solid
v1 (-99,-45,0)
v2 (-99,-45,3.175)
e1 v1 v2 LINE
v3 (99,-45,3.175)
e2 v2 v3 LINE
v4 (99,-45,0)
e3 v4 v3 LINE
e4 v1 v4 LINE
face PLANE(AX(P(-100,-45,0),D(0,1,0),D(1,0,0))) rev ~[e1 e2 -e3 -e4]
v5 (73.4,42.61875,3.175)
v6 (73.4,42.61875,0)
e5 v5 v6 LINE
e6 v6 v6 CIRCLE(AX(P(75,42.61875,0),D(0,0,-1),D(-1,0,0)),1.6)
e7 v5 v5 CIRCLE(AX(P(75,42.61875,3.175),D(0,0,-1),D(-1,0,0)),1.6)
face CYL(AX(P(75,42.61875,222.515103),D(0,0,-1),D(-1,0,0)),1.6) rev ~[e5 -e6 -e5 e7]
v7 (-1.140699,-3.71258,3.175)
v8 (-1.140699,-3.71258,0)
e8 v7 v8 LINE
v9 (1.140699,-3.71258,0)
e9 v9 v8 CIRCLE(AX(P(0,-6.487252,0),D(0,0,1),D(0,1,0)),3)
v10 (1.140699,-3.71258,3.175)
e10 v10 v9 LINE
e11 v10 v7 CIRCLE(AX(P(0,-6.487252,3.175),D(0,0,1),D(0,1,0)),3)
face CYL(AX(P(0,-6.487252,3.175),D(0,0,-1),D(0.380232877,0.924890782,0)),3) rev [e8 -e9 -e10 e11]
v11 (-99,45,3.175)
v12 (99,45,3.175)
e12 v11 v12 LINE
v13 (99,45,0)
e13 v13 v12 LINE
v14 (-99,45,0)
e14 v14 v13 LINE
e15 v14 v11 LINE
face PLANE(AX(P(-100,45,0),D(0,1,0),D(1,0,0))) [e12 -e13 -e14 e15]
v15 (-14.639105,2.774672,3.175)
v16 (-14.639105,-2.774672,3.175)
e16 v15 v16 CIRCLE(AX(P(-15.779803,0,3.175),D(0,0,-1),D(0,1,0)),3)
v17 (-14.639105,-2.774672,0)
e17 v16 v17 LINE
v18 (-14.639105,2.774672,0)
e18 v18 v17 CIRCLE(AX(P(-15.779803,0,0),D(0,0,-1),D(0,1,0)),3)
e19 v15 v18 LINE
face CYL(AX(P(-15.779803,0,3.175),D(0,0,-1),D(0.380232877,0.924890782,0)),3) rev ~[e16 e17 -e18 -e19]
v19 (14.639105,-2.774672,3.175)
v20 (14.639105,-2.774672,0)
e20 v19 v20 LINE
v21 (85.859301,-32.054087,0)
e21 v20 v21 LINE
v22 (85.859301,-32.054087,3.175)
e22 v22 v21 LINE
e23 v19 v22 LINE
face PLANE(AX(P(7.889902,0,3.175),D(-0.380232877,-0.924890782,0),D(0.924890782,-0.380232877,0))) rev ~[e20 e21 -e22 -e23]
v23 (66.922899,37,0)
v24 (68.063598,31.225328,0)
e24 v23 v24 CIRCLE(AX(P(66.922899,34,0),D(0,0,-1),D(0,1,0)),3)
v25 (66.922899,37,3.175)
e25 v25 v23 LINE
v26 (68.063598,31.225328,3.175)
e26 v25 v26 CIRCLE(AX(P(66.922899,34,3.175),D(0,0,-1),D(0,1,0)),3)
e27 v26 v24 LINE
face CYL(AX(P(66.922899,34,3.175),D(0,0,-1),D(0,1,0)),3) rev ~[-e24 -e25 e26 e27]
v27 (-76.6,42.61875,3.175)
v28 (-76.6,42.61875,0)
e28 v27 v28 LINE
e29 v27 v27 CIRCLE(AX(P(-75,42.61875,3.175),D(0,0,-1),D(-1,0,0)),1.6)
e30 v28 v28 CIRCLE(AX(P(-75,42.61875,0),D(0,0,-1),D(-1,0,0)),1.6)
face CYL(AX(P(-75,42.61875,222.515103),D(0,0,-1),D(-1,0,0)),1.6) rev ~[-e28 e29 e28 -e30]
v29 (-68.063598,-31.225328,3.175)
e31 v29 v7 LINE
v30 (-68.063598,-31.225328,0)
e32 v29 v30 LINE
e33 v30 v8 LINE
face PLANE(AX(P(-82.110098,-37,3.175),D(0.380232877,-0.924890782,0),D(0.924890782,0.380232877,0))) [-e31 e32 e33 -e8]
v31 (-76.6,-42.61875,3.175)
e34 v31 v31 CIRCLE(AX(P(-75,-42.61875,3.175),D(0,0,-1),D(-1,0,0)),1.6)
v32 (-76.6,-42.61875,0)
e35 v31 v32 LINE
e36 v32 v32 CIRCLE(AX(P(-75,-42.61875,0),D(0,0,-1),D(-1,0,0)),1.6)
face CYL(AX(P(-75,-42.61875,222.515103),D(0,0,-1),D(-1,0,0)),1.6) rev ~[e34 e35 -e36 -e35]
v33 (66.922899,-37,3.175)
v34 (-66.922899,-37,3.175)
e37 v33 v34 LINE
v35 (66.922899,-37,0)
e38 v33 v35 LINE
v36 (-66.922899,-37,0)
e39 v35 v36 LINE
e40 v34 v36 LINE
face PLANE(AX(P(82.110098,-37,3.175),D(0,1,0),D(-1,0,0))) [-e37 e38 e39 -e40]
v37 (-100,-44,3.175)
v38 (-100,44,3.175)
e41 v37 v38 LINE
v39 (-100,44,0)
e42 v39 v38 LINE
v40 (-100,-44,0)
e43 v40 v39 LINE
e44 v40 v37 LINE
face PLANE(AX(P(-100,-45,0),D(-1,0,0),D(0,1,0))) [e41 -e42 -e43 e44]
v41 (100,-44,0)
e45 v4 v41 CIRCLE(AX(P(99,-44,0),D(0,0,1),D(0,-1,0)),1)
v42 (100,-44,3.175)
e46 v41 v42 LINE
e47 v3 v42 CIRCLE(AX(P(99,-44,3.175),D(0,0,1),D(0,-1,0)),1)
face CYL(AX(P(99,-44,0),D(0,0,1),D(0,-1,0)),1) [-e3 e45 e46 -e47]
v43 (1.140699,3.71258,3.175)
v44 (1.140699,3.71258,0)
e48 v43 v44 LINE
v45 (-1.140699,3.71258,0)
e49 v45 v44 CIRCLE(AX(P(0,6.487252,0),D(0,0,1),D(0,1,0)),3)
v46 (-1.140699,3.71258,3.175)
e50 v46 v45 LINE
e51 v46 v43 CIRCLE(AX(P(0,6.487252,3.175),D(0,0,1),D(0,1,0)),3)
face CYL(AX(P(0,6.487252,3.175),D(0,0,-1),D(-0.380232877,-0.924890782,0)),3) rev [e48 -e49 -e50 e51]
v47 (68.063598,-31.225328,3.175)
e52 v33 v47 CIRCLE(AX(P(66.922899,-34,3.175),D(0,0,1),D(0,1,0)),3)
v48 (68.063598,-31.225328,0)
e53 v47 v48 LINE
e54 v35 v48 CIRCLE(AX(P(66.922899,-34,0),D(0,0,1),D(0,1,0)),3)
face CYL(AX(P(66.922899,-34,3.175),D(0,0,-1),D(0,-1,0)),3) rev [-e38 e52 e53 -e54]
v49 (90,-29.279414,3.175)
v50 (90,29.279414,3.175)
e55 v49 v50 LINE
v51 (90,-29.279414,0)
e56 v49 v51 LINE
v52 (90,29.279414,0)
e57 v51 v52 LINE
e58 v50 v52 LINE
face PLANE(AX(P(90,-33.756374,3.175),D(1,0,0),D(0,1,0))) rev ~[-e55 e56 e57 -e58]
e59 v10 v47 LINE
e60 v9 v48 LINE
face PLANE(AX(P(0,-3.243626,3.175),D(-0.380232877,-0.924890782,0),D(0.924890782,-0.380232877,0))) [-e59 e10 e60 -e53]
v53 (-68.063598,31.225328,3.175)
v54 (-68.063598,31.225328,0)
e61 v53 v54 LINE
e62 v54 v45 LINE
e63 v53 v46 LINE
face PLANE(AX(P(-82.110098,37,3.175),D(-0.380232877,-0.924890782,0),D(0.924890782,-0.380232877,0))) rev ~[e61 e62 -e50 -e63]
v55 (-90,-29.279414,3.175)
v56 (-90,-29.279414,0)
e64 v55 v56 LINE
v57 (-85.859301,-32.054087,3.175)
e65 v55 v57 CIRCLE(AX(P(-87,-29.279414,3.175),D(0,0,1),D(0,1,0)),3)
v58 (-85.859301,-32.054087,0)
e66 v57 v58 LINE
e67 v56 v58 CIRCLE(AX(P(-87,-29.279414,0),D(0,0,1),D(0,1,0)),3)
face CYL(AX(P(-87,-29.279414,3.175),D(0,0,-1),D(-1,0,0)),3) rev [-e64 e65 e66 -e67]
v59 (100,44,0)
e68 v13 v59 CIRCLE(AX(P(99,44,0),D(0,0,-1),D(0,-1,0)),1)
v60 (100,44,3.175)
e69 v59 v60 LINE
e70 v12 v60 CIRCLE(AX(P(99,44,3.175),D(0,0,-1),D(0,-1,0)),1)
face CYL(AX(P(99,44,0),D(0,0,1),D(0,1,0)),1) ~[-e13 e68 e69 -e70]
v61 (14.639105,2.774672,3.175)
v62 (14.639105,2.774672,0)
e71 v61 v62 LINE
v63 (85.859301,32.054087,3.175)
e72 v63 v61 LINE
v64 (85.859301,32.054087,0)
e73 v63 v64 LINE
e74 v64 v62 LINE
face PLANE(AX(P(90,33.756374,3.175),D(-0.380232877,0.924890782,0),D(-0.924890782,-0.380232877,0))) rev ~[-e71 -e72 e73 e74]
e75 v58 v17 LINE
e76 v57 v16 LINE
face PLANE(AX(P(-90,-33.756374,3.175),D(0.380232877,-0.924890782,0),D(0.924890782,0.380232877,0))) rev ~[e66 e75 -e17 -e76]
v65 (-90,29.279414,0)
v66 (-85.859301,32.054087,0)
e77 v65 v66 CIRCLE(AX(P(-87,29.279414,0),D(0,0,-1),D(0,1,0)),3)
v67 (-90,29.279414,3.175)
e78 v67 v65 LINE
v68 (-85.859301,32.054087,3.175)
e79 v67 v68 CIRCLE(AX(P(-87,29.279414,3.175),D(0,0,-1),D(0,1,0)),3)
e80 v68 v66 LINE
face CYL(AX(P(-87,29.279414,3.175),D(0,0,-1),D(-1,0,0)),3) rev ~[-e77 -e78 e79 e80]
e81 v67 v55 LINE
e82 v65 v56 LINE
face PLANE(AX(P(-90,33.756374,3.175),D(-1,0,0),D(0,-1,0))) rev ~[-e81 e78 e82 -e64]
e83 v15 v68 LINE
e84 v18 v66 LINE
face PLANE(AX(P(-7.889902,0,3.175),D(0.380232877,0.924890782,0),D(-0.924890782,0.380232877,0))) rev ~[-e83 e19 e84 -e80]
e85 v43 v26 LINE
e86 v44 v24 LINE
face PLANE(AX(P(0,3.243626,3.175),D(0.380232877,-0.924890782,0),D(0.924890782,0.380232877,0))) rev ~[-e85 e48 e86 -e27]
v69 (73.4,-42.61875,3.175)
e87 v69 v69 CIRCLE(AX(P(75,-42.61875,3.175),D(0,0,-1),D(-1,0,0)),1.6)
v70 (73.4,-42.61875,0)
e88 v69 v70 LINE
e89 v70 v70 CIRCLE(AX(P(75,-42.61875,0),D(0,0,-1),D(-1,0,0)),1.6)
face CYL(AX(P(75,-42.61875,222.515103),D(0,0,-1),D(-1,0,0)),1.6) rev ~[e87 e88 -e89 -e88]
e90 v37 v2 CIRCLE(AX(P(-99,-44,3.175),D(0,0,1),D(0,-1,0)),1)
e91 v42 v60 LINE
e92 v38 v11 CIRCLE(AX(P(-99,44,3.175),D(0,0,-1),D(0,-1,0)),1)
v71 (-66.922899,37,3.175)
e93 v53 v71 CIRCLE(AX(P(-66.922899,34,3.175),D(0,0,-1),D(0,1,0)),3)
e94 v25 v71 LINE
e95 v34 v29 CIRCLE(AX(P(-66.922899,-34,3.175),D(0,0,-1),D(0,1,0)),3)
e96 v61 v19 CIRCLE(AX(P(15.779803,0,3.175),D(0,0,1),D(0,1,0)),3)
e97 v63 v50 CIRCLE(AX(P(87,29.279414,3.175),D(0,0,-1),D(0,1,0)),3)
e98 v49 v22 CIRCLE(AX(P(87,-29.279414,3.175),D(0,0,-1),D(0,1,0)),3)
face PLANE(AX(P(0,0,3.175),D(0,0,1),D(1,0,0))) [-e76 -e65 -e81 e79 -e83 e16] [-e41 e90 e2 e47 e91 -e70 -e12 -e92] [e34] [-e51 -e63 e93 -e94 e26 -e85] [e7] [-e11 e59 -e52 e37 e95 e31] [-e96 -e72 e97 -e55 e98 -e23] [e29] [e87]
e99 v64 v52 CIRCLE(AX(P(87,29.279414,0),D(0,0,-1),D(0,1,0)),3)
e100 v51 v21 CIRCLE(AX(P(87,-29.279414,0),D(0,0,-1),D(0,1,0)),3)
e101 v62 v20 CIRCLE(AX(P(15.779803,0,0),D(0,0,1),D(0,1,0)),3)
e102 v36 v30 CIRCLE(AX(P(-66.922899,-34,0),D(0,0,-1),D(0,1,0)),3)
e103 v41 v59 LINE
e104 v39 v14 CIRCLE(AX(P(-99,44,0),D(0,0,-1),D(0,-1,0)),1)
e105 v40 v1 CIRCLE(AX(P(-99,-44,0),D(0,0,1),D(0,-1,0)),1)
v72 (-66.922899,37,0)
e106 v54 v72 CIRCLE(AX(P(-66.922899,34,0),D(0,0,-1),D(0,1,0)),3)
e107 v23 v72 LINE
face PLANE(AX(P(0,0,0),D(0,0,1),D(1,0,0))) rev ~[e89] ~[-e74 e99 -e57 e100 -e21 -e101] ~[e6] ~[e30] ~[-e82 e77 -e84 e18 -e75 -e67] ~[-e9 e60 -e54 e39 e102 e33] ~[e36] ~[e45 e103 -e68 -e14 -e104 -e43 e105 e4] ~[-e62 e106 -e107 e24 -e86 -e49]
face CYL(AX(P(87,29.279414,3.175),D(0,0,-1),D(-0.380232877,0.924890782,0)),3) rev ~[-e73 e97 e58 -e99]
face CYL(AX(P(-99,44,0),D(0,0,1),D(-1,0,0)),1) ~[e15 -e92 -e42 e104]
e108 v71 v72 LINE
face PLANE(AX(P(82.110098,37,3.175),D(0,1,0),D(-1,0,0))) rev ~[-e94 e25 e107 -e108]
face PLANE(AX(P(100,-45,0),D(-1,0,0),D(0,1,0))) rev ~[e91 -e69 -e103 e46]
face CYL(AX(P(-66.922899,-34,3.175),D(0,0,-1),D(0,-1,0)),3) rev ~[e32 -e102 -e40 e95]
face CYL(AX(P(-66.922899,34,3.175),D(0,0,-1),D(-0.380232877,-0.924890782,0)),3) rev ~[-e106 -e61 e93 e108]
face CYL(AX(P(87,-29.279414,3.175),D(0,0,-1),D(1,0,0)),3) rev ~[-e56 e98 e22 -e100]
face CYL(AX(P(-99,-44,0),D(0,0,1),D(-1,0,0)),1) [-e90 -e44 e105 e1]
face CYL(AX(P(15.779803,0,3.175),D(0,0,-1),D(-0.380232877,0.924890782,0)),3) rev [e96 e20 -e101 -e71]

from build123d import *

# Parameters (mm, degrees)
SKETCH1_W            = 200
SKETCH1_H            = 90
BOSS_EXTRUDE1_DEPTH  = 3.175
CUT_EXTRUDE1_DEPTH   = 110.704515062
M3_CLEARANCE_HOLE1_D = 3.2
FILLET1_R            = 3
FILLET2_R            = 1


with BuildPart() as part:
    # Sketch1 → Boss-Extrude1 (new body)
    with BuildSketch(Plane.XY):
        Rectangle(SKETCH1_W, SKETCH1_H)
    extrude(amount=BOSS_EXTRUDE1_DEPTH)

    # Sketch2 → Cut-Extrude1 (cut, through all)
    with BuildSketch(Plane.XY.offset(3.175)):
        Polygon((-90, 33.756373771), (-90, -33.756373771), (-7.889901637, 0), align=None)
        Polygon((-82.110098363, 37), (0, 3.243626229), (82.110098363, 37), align=None)
        Polygon((90, 33.756373771), (7.889901637, 0), (90, -33.756373771), align=None)
        Polygon((-82.110098363, -37), (0, -3.243626229), (82.110098363, -37), align=None)
    extrude(amount=-CUT_EXTRUDE1_DEPTH, mode=Mode.SUBTRACT)

    # M3 Clearance Hole1 (through all)
    with Locations(Plane.XY.offset(3.175)):
        with Locations((-75, 42.61875), (75, 42.61875), (75, -42.61875), (-75, -42.61875)):
            Hole(M3_CLEARANCE_HOLE1_D / 2)

    # Fillet1
    fillet1_edges = [part.edges().sort_by_distance(p)[0] for p in [
        (-82.110098363, 37, 1.5875),
        (82.110098363, 37, 1.5875),
        (0, 3.243626229, 1.5875),
        (82.110098363, -37, 1.5875),
        (-82.110098363, -37, 1.5875),
        (0, -3.243626229, 1.5875),
        (90, 33.756373771, 1.5875),
        (90, -33.756373771, 1.5875),
        (7.889901637, 0, 1.5875),
        (-90, 33.756373771, 1.5875),
        (-7.889901637, 0, 1.5875),
        (-90, -33.756373771, 1.5875),
    ]]
    fillet(fillet1_edges, radius=FILLET1_R)

    # Fillet2
    fillet2_edges = [part.edges().sort_by_distance(p)[0] for p in [
        (100, -45, 1.5875),
        (-100, -45, 1.5875),
        (-100, 45, 1.5875),
        (100, 45, 1.5875),
    ]]
    fillet(fillet2_edges, radius=FILLET2_R)


solid = part.part
